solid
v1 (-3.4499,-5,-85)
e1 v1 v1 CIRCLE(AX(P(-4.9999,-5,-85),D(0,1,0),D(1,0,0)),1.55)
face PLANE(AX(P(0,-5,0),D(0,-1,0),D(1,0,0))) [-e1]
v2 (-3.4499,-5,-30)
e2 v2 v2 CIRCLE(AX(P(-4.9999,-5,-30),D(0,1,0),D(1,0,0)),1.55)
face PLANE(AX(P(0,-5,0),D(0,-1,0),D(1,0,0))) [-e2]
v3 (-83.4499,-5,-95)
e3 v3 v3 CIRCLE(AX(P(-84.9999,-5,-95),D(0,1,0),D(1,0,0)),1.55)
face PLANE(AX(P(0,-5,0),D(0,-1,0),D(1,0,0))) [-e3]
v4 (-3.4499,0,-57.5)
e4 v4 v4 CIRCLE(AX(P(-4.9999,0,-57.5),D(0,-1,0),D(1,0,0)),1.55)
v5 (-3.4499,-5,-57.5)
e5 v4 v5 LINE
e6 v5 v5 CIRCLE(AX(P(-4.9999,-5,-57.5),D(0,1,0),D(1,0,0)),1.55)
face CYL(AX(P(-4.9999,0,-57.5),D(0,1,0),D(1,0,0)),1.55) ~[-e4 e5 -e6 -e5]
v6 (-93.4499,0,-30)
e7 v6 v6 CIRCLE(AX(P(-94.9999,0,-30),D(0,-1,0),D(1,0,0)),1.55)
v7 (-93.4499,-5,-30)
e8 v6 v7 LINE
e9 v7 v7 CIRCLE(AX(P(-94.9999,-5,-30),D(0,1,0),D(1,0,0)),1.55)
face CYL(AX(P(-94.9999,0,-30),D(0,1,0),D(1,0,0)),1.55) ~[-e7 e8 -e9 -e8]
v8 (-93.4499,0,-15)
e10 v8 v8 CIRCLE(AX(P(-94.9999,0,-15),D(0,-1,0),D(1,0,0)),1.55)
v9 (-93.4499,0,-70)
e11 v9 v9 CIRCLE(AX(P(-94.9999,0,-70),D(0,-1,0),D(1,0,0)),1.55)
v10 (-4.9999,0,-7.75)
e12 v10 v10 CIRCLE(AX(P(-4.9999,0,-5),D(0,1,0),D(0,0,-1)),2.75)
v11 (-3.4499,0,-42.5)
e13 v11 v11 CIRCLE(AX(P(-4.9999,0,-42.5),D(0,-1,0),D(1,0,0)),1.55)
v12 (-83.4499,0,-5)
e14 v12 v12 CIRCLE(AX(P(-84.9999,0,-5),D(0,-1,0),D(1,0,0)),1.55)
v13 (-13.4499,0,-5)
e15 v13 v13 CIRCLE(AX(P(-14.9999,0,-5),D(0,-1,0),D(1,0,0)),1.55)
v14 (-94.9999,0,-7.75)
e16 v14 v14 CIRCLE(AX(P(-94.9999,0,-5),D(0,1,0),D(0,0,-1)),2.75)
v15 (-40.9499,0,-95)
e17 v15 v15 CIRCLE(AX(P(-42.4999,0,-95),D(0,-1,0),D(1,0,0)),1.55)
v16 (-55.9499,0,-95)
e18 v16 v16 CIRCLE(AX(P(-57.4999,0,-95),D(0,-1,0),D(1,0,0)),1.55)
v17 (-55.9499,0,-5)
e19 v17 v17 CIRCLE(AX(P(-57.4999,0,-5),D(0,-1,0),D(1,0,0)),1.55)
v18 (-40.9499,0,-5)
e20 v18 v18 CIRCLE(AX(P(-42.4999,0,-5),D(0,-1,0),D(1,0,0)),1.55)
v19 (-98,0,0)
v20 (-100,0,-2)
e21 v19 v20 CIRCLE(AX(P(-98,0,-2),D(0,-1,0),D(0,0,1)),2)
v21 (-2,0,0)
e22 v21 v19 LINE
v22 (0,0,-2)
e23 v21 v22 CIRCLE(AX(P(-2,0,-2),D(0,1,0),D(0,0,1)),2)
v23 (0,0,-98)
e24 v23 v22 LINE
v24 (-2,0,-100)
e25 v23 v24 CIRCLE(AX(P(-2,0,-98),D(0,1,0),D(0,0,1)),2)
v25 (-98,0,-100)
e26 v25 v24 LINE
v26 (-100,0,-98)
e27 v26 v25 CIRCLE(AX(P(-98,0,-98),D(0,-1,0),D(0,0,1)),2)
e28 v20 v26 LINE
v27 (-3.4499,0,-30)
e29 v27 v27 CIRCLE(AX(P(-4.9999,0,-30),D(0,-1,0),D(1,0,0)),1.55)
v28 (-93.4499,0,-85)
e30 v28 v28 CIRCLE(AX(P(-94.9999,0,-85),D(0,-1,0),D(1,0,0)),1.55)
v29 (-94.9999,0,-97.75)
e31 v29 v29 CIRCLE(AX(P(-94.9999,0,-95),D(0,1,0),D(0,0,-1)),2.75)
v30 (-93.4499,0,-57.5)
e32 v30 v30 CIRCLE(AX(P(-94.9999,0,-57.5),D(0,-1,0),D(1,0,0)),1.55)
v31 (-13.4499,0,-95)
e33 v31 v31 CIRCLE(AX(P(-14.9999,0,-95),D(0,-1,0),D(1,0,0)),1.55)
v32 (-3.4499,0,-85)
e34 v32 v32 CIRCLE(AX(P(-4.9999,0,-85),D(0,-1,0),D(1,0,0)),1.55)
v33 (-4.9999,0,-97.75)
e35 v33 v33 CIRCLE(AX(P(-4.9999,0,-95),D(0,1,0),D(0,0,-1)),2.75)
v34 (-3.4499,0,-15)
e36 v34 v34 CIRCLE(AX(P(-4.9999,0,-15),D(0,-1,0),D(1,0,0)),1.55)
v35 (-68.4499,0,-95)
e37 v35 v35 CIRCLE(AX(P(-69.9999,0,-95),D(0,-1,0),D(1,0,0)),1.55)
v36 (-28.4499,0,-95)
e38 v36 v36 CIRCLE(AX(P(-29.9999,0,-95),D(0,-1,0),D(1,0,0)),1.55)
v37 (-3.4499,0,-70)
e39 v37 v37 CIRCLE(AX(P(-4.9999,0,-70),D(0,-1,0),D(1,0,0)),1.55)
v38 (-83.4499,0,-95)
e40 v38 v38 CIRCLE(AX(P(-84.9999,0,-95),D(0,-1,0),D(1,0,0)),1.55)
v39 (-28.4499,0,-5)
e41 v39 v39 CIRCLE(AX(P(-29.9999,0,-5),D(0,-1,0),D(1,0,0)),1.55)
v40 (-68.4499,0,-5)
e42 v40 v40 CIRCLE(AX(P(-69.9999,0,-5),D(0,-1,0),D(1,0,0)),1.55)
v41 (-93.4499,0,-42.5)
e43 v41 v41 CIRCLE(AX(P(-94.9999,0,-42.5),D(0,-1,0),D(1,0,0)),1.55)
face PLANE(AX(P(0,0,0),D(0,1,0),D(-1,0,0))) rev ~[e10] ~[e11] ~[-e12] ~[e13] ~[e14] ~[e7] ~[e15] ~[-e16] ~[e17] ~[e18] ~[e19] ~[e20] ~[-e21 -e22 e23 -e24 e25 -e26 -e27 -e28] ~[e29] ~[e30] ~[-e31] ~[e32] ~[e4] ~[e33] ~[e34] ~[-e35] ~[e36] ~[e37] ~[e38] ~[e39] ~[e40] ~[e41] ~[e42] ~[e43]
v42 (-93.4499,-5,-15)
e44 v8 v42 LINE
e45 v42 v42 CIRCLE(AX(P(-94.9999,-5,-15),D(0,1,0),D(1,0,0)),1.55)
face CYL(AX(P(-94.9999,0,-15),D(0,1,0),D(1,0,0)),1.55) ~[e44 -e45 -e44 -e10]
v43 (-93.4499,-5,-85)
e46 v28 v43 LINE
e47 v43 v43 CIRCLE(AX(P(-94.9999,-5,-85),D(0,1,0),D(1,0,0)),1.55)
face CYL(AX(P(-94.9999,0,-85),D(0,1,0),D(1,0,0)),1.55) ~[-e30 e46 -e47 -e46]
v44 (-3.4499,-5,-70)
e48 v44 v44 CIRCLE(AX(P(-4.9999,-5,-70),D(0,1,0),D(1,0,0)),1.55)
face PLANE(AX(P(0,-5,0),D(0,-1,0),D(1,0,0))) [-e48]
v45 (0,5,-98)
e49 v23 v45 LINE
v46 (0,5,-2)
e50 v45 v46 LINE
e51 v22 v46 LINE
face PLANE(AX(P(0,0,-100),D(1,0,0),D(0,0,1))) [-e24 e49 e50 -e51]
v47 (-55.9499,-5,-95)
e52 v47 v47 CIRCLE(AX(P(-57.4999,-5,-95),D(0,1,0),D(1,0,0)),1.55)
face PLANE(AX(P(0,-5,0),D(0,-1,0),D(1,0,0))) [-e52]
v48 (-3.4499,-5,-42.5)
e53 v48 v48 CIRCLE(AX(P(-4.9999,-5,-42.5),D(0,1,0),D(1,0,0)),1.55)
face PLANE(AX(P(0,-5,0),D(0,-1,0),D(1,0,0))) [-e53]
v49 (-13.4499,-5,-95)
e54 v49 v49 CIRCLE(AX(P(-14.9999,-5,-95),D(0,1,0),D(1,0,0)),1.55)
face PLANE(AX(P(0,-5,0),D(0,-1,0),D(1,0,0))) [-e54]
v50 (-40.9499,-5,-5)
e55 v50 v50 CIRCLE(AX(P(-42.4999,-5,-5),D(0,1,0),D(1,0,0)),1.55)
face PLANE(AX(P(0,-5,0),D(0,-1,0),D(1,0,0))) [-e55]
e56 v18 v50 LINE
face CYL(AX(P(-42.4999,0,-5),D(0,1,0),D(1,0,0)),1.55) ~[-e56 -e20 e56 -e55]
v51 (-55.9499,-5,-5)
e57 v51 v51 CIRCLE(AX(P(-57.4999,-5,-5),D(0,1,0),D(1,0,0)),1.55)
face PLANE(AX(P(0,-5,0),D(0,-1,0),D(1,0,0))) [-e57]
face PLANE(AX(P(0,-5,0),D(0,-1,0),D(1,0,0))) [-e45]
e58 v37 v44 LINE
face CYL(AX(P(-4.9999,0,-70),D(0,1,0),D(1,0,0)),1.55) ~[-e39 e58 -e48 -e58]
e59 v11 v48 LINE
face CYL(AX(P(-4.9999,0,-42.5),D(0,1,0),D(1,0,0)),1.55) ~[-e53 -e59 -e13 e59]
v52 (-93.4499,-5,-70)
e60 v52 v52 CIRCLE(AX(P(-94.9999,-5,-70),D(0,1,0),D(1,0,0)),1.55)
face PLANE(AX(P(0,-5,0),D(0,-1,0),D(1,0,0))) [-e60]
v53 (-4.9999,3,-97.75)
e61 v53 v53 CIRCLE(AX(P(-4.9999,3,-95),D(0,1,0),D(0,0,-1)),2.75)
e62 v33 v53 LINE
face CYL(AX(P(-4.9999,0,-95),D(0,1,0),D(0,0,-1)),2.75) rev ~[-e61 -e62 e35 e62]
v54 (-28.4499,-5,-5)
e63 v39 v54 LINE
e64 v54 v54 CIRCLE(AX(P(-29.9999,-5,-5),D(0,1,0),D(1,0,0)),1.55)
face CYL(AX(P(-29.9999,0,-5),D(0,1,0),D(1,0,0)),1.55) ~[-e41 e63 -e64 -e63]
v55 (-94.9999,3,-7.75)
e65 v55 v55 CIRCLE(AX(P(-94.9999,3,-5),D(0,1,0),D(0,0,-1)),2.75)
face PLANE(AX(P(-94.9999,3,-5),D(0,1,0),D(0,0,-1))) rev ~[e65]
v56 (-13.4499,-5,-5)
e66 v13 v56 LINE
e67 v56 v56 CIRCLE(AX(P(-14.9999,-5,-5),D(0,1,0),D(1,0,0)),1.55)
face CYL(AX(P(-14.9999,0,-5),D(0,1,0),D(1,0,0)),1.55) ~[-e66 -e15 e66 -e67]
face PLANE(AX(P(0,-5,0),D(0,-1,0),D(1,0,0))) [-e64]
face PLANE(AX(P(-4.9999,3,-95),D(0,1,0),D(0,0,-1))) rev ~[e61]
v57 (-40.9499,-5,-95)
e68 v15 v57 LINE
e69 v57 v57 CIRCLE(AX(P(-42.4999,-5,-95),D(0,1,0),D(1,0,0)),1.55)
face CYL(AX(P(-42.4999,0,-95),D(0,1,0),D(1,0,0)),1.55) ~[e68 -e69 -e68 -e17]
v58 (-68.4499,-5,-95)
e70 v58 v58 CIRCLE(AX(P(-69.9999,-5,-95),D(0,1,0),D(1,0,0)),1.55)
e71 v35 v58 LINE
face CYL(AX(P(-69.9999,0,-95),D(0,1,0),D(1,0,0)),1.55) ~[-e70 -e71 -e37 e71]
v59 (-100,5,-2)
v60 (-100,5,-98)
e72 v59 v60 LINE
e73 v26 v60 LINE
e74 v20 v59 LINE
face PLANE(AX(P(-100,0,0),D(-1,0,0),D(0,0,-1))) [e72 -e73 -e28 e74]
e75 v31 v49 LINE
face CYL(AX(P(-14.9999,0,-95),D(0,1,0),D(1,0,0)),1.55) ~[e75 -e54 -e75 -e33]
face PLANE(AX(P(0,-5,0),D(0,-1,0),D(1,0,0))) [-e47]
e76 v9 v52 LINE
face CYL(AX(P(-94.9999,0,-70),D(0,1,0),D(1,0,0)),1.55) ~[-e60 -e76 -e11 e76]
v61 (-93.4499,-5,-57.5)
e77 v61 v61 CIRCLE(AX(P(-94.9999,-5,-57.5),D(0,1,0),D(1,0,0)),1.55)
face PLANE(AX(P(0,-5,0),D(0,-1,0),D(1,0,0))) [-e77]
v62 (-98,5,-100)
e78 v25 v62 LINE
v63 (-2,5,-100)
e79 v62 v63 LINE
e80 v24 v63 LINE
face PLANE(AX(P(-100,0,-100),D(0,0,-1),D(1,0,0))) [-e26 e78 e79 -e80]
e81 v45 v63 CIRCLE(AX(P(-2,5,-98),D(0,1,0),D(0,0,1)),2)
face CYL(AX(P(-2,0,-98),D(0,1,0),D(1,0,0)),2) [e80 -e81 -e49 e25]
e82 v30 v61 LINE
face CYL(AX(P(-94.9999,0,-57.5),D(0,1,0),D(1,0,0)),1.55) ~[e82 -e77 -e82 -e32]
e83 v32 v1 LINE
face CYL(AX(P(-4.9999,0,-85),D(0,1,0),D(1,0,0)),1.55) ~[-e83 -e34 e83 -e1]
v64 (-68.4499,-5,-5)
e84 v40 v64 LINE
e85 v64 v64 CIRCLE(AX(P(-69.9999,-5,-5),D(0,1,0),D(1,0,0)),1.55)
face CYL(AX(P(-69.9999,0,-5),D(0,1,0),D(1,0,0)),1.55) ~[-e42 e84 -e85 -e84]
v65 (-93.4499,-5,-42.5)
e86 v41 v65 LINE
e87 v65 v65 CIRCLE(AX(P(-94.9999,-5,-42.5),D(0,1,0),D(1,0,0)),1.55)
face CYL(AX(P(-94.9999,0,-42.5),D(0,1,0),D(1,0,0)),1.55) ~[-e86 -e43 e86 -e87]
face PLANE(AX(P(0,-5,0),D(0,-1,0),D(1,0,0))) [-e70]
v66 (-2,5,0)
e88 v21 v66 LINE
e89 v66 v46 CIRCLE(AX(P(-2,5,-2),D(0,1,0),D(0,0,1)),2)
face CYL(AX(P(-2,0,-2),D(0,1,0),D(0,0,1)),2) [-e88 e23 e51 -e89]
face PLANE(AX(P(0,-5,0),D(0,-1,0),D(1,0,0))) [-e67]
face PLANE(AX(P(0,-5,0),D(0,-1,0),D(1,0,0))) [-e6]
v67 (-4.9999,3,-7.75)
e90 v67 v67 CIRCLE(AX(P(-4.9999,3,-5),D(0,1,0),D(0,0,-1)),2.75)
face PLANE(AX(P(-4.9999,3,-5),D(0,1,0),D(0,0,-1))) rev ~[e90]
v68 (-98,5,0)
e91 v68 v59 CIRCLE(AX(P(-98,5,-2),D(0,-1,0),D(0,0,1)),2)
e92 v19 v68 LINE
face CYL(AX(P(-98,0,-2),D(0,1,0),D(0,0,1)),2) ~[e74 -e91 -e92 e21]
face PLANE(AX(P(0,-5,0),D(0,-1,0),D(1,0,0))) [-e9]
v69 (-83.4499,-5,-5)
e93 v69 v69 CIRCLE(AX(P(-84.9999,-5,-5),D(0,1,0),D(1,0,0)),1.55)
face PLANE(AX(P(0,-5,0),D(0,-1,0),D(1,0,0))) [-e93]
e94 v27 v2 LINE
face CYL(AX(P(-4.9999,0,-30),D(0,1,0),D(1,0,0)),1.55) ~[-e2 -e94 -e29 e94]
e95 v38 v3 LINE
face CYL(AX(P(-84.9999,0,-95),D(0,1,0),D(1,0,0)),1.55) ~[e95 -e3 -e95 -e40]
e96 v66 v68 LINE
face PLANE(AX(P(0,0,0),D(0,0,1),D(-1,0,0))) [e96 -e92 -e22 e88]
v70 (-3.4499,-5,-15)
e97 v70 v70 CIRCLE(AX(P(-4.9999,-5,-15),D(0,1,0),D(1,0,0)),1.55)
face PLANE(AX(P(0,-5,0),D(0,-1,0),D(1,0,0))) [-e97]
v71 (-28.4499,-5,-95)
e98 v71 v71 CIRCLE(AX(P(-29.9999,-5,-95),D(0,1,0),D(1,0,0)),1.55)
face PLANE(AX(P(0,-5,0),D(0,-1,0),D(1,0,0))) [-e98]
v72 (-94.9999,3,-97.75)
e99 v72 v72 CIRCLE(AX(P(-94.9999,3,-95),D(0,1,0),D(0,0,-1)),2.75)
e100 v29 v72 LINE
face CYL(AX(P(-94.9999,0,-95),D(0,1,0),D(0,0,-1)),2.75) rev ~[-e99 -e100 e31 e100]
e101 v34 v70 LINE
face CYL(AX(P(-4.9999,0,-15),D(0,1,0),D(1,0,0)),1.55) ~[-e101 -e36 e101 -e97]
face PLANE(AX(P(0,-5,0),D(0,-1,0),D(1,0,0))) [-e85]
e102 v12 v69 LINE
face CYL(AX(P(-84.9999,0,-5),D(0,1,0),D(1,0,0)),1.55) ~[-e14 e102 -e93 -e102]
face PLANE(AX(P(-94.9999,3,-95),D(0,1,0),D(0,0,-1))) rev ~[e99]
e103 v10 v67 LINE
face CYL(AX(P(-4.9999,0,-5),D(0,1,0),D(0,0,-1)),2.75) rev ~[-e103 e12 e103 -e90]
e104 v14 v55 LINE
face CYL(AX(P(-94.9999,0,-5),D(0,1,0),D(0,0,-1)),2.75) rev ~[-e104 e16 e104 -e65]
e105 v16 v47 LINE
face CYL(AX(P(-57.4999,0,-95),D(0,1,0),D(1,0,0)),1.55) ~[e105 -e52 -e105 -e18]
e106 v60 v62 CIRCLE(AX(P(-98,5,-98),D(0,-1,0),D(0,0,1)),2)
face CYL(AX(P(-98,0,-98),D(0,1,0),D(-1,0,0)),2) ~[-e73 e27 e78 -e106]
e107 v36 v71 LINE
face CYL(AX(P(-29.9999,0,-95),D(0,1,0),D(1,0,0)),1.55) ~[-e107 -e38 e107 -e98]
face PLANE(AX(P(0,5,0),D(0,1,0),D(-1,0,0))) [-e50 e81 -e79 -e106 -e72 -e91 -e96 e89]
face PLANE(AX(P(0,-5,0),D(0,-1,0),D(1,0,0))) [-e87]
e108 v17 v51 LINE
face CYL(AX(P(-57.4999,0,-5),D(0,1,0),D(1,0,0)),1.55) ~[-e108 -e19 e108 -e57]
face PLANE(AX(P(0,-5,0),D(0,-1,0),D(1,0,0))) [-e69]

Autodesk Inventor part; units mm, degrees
ref_plane "YZ Plane" through (0, 0, 0) normal (1, 0, 0) x (0, 1, 0)
ref_plane "XZ Plane" through (0, 0, 0) normal (0, 1, 0) x (-1, 0, 0)
ref_plane "XY Plane" through (0, 0, 0) normal (0, 0, 1) x (1, 0, 0)
sketch "Esquisse1" plane through (0, 0, 0) normal (0, 1, 0) x (-1, 0, 0)
  line L0 (0, 0) -> (100, 0)
  line L1 (100, 0) -> (100, -100)
  line L2 (100, -100) -> (0, -100)
  line L3 (0, -100) -> (0, 0)
  dimension "d0" = 100
  dimension "d1" = 100
extrude "Extrusion1" add sketch "Esquisse1" along normal blind 5
sketch "Esquisse3" plane through (0, 0, 0) normal (0, -1, 0) x (1, 0, 0)
  line L0 (0, -100) -> (-100, -100) projected
  line L1 (0, -100) -> (-4.9999, -95)
  circle A0 centre (-4.9999, -95) radius 1.6952
  point P0 (0, 0)
  dimension "d4" = 7.071
hole "Perçage1" at (-4.9999, 0, -95) direction (0, 1, 0) diameter 5.5 depth 3
pattern_linear "Réseau rectangulaire1" count 2 spacing 90 along (0, 0, 1) count 2 spacing 90 along (-1, 0, 0) of "Perçage1"
fillet "Congé1" radius 2 4 edges at (0, 2.5, 0) (-100, 2.5, 0) (-100, 2.5, -100) (0, 2.5, -100)
sketch "Esquisse7" plane through (0, 0, 0) normal (0, -1, 0) x (1, 0, 0)
  circle A0 centre (-4.9999, -5) radius 2.4794 projected
  circle A1 centre (-94.9999, -95) radius 2.4794 projected
  line L0 (-4.9999, -5) -> (-94.9999, -5)
  line L1 (-94.9999, -5) -> (-94.9999, -95)
  line L2 (-94.9999, -95) -> (-4.9999, -95)
  line L3 (-4.9999, -95) -> (-4.9999, -5)
  line L4 (-49.9999, -5) -> (-49.9999, -95)
  line L5 (-4.9999, -50) -> (-94.9999, -50)
  line L6 (-49.9999, -95) -> (-42.4999, -95)
  line L7 (-49.9999, -95) -> (-57.4999, -95)
  circle A2 centre (-57.4999, -95) radius 1.55
  circle A3 centre (-42.4999, -95) radius 1.55
  line L8 (-94.9999, -95) -> (-84.9999, -95)
  line L9 (-84.9999, -95) -> (-69.9999, -95)
  circle A4 centre (-69.9999, -95) radius 1.55
  circle A5 centre (-84.9999, -95) radius 1.55
  circle A6 centre (-4.9999, -95) radius 2.4794 projected
  line L10 (-4.9999, -95) -> (-14.9999, -95)
  line L11 (-14.9999, -95) -> (-29.9999, -95)
  circle A7 centre (-14.9999, -95) radius 1.55
  circle A8 centre (-29.9999, -95) radius 1.55
  circle A9 centre (-14.9999, -5) radius 1.55
  circle A10 centre (-29.9999, -5) radius 1.55
  circle A11 centre (-42.4999, -5) radius 1.55
  circle A12 centre (-57.4999, -5) radius 1.55
  circle A13 centre (-69.9999, -5) radius 1.55
  circle A14 centre (-84.9999, -5) radius 1.55
  circle A15 centre (-4.9999, -85) radius 1.55
  circle A16 centre (-4.9999, -70) radius 1.55
  circle A17 centre (-4.9999, -57.5) radius 1.55
  circle A18 centre (-4.9999, -42.5) radius 1.55
  circle A19 centre (-4.9999, -30) radius 1.55
  circle A20 centre (-4.9999, -15) radius 1.55
  circle A21 centre (-94.9999, -15) radius 1.55
  circle A22 centre (-94.9999, -30) radius 1.55
  circle A23 centre (-94.9999, -42.5) radius 1.55
  circle A24 centre (-94.9999, -57.5) radius 1.55
  circle A25 centre (-94.9999, -70) radius 1.55
  circle A26 centre (-94.9999, -85) radius 1.55
  point P0 (0, 0)
  dimension "d35" = 7.5
  dimension "d36" = 7.5
  dimension "d37" = 3.1
  dimension "d38" = 3.1
  dimension "d39" = 10
  dimension "d40" = 15
  dimension "d41" = 3.1
  dimension "d42" = 3.1
  dimension "d43" = 10
  dimension "d44" = 15
  dimension "d45" = 3.1
  dimension "d46" = 3.1
  dimension "d49" = 90
  dimension "d56" = 270
  dimension "d60" = 90
extrude "Extrusion3" add sketch "Esquisse7" along normal blind 5 contours A9 L0 | L0 A9 | A20 L3 | L3 A20 | A10 L0 | L0 A10 | A19 L3 | L3 A19 | A11 L0 | L0 A11 | A18 L3 | L3 A18 | A12 L0 | L0 A12 | A17 L3 | L3 A17 | A13 L0 | L0 A13 | A2 L2 | L2 A2 | A3 L2 | L2 A3 | A23 L1 | L1 A23 | A24 L1 | L1 A24 | A16 L3 | L3 A16 | A14 L0 | L0 A14 | A4 L2 | L2 A4 | A8 L2 | L2 A8 | A22 L1 | L1 A22 | A25 L1 | L1 A25 | A15 L3 | L3 A15 | A5 L2 | L2 A5 | A7 L2 | L2 A7 | A21 L1 | L1 A21 | A26 L1 | L1 A26
thread "Filetage1" size "M3.5x0.6" class "6g" standard "ISO Metric profile" full length
thread "Filetage2" size "M3.5x0.6" class "6g" standard "ANSI Metric M Profile" full length
thread "Filetage3" size "M3.5x0.6" class "6g" standard "ANSI Metric M Profile" full length
thread "Filetage4" size "M3.5x0.6" class "6g" standard "ANSI Metric M Profile" full length
thread "Filetage5" size "M3.5x0.6" class "6g" standard "ANSI Metric M Profile" full length
thread "Filetage6" size "M3.5x0.6" class "6g" standard "ANSI Metric M Profile" full length
thread "Filetage7" size "M3.5x0.6" class "6g" standard "ANSI Metric M Profile" full length
thread "Filetage8" size "M3.5x0.6" class "6g" standard "ANSI Metric M Profile" full length
thread "Filetage9" size "M3.5x0.6" class "6g" standard "ANSI Metric M Profile" full length
thread "Filetage10" size "M3.5x0.6" class "6g" standard "ANSI Metric M Profile" full length
thread "Filetage11" size "M3.5x0.6" class "6g" standard "ANSI Metric M Profile" full length
thread "Filetage12" size "M3.5x0.6" class "6g" standard "ANSI Metric M Profile" full length
thread "Filetage13" size "M3.5x0.6" class "6g" standard "ANSI Metric M Profile" full length
thread "Filetage14" size "M3.5x0.6" class "6g" standard "ANSI Metric M Profile" full length
thread "Filetage15" size "M3.5x0.6" class "6g" standard "ANSI Metric M Profile" full length
thread "Filetage16" size "M3.5x0.6" class "6g" standard "ANSI Metric M Profile" full length
thread "Filetage17" size "M3.5x0.6" class "6g" standard "ANSI Metric M Profile" full length
thread "Filetage18" size "M3.5x0.6" class "6g" standard "ANSI Metric M Profile" full length
thread "Filetage19" size "M3.5x0.6" class "6g" standard "ANSI Metric M Profile" full length
thread "Filetage20" size "M3.5x0.6" class "6g" standard "ANSI Metric M Profile" full length
thread "Filetage21" size "M3.5x0.6" class "6g" standard "ANSI Metric M Profile" full length
thread "Filetage22" size "M3.5x0.6" class "6g" standard "ANSI Metric M Profile" full length
thread "Filetage23" size "M3.5x0.6" class "6g" standard "ANSI Metric M Profile" full length
thread "Filetage24" size "M3.5x0.6" class "6g" standard "ANSI Metric M Profile" full length
properties part number "plateau"
